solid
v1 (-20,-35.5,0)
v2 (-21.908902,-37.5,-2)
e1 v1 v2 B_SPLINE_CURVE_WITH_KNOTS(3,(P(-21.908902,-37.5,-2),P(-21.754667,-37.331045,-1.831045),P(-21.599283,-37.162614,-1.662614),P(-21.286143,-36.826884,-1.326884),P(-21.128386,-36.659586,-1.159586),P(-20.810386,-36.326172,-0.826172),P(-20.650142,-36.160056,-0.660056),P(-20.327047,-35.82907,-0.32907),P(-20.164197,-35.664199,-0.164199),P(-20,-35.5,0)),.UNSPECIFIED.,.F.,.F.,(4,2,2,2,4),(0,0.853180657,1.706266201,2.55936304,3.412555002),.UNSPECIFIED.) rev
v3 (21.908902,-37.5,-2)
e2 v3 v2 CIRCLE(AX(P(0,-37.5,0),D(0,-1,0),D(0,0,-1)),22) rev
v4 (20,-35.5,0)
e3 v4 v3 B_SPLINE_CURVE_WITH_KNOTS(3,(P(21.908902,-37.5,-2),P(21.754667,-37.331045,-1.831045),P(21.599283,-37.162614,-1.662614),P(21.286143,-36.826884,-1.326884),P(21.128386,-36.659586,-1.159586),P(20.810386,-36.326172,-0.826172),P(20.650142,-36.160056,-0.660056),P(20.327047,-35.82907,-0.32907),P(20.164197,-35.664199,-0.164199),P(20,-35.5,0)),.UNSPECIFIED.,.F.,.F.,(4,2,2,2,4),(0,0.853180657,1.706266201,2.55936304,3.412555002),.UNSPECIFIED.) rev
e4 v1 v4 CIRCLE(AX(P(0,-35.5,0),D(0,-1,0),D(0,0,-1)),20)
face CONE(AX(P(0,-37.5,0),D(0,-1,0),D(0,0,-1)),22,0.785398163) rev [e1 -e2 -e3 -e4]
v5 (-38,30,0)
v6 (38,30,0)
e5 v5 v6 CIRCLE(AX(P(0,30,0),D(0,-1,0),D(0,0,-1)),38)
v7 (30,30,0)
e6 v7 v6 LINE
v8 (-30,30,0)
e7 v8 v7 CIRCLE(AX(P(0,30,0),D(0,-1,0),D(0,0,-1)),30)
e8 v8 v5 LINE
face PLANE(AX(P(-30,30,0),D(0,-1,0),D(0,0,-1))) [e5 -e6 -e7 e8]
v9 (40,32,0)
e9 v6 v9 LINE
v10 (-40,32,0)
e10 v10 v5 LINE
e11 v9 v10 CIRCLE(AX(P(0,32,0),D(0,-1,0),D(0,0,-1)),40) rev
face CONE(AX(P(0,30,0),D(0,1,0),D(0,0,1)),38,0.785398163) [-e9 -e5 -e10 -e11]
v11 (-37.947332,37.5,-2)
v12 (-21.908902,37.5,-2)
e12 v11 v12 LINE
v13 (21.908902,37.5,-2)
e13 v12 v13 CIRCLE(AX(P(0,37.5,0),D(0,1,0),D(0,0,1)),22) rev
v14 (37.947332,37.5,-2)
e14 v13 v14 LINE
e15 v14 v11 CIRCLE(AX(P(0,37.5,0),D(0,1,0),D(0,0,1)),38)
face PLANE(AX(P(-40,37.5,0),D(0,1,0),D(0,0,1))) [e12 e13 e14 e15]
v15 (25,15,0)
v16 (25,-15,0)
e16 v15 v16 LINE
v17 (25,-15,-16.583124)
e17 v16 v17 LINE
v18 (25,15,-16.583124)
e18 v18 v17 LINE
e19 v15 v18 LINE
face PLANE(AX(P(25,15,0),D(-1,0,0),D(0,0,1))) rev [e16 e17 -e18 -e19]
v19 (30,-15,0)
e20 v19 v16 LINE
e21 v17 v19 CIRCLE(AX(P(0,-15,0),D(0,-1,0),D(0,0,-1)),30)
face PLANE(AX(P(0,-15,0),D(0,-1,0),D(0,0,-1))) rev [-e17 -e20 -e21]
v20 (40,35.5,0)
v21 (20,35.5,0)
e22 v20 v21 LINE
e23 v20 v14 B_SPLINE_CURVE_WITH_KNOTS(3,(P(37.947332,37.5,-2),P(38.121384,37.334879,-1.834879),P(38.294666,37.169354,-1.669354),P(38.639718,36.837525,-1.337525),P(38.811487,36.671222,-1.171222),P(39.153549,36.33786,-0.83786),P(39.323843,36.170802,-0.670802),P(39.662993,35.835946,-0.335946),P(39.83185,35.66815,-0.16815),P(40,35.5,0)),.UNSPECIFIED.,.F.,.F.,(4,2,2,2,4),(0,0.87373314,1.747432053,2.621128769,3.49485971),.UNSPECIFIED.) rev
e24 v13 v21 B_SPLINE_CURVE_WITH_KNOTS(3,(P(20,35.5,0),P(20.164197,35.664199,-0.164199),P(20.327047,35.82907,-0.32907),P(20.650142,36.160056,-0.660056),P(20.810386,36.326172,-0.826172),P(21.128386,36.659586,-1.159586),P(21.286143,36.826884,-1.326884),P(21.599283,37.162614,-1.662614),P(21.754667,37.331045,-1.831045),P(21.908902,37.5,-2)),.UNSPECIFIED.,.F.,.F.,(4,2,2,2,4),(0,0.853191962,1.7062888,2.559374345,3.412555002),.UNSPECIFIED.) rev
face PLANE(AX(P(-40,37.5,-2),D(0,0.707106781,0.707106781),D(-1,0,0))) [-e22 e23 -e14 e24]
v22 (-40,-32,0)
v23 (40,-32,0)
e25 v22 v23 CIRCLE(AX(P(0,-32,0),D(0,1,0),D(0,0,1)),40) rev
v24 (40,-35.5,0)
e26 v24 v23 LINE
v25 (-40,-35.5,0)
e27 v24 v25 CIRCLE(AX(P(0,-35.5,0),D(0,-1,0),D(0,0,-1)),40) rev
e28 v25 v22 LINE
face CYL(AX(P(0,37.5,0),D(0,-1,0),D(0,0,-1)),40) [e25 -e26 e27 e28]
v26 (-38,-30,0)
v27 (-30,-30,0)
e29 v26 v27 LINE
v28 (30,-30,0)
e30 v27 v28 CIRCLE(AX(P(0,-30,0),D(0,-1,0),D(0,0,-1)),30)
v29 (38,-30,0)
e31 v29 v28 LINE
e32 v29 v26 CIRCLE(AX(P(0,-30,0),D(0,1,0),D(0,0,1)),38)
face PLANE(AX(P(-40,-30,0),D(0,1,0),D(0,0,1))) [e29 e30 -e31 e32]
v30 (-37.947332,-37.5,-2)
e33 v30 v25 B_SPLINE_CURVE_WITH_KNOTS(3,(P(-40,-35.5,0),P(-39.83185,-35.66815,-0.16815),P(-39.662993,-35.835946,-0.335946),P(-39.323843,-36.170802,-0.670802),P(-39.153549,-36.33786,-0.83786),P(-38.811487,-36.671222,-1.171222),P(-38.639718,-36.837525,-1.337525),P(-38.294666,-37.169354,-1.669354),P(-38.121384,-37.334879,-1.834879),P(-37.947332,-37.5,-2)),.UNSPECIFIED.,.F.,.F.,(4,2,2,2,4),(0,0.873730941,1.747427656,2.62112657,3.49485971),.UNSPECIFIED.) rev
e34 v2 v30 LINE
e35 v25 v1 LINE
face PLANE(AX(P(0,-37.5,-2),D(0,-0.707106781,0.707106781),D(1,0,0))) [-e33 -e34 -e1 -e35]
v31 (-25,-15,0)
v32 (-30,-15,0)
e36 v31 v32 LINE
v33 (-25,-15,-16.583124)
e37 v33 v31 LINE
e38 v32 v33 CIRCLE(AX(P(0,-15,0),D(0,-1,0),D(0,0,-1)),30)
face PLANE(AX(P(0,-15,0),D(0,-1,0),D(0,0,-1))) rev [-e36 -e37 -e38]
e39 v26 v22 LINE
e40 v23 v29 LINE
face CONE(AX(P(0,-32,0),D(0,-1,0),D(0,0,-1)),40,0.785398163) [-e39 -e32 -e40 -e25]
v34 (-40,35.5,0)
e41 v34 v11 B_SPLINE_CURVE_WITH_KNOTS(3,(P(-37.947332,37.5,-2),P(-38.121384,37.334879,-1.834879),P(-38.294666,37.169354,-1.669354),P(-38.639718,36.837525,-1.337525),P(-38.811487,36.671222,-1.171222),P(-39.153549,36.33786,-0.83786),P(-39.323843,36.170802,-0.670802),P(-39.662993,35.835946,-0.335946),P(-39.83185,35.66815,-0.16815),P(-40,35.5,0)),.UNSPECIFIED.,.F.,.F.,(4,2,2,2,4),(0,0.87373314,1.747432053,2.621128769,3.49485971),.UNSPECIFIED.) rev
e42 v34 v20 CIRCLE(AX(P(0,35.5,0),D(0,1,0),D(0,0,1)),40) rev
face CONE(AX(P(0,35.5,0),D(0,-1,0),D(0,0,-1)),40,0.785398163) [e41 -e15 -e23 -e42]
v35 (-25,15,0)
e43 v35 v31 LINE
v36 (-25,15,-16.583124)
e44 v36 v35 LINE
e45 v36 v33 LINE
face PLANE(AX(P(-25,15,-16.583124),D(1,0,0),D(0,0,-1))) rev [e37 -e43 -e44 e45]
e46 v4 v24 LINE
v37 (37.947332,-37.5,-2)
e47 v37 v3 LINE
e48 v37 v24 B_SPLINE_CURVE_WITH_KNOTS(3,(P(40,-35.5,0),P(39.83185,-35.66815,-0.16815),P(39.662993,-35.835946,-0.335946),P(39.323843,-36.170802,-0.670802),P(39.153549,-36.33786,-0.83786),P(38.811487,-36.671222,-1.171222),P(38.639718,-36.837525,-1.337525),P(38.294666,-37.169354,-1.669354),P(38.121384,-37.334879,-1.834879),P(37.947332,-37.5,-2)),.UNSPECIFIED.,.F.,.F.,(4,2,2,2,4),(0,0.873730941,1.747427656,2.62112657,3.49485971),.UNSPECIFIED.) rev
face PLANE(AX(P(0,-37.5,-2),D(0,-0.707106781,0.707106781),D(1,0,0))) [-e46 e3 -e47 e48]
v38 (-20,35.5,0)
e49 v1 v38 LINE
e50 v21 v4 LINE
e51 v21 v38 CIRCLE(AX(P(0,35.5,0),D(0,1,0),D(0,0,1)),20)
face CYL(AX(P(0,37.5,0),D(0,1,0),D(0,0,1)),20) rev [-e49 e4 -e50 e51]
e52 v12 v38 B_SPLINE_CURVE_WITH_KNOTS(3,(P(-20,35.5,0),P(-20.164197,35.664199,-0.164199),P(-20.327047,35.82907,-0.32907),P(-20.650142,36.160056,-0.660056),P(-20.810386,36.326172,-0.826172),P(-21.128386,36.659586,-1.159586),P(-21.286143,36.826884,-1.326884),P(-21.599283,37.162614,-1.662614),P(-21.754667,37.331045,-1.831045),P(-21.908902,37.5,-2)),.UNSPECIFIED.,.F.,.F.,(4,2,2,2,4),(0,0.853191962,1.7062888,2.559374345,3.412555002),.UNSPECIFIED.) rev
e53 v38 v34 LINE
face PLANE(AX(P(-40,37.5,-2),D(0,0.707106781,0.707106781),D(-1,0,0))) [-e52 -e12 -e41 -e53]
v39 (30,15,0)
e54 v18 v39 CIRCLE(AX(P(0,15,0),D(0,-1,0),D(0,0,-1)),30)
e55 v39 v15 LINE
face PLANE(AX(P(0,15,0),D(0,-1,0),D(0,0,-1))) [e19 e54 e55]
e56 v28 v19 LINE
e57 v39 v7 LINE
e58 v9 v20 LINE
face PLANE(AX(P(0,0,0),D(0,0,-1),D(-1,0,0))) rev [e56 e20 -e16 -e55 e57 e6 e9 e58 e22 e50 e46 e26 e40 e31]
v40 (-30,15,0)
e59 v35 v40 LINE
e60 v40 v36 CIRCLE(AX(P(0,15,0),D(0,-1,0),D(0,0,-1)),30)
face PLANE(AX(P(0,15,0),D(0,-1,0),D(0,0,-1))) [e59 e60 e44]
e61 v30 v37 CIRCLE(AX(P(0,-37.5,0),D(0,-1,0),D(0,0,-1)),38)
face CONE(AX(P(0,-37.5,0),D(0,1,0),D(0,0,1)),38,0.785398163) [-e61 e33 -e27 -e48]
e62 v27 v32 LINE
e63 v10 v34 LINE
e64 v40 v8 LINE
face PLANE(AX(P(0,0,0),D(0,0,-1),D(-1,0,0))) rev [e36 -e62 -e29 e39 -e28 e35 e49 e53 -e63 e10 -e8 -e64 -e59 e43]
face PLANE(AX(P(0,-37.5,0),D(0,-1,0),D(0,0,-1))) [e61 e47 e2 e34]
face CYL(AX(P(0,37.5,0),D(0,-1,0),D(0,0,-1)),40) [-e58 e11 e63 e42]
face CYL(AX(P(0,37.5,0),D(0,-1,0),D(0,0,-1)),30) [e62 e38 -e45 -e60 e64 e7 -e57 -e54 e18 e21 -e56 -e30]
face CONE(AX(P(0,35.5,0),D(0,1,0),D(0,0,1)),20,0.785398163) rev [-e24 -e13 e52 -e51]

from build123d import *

# Parameters (mm, degrees)
REVOLVE_1_ANGLE     = 180
CUT_EXTRUDE_START   = -30
CUT_EXTRUDE_1_DEPTH = 30
CUT_EXTRUDE_2_DEPTH = 30
HOLE_WIZARD_M39_1_D = 40
CHAMFER_1_SIZE      = 2


with BuildPart() as part:
    # 草图1 → 旋转1 (revolve)
    with BuildSketch(Plane.XY):
        Polygon((0, 37.5), (0, -37.5), (40, -37.5), (40, -30), (30, -30), (30, 29.999999991), (40, 29.999999991), (40, 37.5), align=None)
    revolve(axis=Axis((0, 37.5, 0), (0, 1, 0)), revolution_arc=REVOLVE_1_ANGLE)

    # 草图2 → 切除-拉伸1 (cut)
    with BuildSketch(Plane.XZ.offset(15).offset(CUT_EXTRUDE_START)):
        with BuildLine():
            Line((25, 0), (25, -16.583123956))
            ThreePointArc((25, -16.583123956), (28.722813235, -8.66025404), (30.000000003, 0))
            Line((30.000000003, 0), (25, 0))
        make_face()
    extrude(amount=CUT_EXTRUDE_1_DEPTH, mode=Mode.SUBTRACT)

    # 草图3 → 切除-拉伸2 (cut)
    with BuildSketch(Plane.XZ.offset(15).offset(CUT_EXTRUDE_START)):
        with BuildLine():
            Line((-24.999999999, -16.583123954), (-24.999999999, 0))
            Line((-24.999999999, 0), (-30, 0))
            ThreePointArc((-30, 0), (-28.722813232, -8.660254039), (-24.999999999, -16.583123954))
        make_face()
    extrude(amount=CUT_EXTRUDE_2_DEPTH, mode=Mode.SUBTRACT)

    # M39 螺旋的螺纹孔钻头1 (through all)
    with Locations(Plane(origin=(0, 37.5, 0), x_dir=(1, 0, 0), z_dir=(0, 1, 0))):
        with Locations((0, 0)):
            Hole(HOLE_WIZARD_M39_1_D / 2)

    # 倒角1
    chamfer_1_edges = [part.edges().sort_by_distance(p)[0] for p in [
        (30, -37.5, 0),
        (0, 37.5, -40),
        (0, 29.999999991, -40),
        (0, -30, -40),
        (0, -37.5, -40),
        (-30, 37.5, 0),
        (-30, -37.5, 0),
        (30, 37.5, 0),
        (0, 37.5, -20),
        (0, -37.5, -20),
    ]]
    chamfer(chamfer_1_edges, length=CHAMFER_1_SIZE)


solid = part.part
